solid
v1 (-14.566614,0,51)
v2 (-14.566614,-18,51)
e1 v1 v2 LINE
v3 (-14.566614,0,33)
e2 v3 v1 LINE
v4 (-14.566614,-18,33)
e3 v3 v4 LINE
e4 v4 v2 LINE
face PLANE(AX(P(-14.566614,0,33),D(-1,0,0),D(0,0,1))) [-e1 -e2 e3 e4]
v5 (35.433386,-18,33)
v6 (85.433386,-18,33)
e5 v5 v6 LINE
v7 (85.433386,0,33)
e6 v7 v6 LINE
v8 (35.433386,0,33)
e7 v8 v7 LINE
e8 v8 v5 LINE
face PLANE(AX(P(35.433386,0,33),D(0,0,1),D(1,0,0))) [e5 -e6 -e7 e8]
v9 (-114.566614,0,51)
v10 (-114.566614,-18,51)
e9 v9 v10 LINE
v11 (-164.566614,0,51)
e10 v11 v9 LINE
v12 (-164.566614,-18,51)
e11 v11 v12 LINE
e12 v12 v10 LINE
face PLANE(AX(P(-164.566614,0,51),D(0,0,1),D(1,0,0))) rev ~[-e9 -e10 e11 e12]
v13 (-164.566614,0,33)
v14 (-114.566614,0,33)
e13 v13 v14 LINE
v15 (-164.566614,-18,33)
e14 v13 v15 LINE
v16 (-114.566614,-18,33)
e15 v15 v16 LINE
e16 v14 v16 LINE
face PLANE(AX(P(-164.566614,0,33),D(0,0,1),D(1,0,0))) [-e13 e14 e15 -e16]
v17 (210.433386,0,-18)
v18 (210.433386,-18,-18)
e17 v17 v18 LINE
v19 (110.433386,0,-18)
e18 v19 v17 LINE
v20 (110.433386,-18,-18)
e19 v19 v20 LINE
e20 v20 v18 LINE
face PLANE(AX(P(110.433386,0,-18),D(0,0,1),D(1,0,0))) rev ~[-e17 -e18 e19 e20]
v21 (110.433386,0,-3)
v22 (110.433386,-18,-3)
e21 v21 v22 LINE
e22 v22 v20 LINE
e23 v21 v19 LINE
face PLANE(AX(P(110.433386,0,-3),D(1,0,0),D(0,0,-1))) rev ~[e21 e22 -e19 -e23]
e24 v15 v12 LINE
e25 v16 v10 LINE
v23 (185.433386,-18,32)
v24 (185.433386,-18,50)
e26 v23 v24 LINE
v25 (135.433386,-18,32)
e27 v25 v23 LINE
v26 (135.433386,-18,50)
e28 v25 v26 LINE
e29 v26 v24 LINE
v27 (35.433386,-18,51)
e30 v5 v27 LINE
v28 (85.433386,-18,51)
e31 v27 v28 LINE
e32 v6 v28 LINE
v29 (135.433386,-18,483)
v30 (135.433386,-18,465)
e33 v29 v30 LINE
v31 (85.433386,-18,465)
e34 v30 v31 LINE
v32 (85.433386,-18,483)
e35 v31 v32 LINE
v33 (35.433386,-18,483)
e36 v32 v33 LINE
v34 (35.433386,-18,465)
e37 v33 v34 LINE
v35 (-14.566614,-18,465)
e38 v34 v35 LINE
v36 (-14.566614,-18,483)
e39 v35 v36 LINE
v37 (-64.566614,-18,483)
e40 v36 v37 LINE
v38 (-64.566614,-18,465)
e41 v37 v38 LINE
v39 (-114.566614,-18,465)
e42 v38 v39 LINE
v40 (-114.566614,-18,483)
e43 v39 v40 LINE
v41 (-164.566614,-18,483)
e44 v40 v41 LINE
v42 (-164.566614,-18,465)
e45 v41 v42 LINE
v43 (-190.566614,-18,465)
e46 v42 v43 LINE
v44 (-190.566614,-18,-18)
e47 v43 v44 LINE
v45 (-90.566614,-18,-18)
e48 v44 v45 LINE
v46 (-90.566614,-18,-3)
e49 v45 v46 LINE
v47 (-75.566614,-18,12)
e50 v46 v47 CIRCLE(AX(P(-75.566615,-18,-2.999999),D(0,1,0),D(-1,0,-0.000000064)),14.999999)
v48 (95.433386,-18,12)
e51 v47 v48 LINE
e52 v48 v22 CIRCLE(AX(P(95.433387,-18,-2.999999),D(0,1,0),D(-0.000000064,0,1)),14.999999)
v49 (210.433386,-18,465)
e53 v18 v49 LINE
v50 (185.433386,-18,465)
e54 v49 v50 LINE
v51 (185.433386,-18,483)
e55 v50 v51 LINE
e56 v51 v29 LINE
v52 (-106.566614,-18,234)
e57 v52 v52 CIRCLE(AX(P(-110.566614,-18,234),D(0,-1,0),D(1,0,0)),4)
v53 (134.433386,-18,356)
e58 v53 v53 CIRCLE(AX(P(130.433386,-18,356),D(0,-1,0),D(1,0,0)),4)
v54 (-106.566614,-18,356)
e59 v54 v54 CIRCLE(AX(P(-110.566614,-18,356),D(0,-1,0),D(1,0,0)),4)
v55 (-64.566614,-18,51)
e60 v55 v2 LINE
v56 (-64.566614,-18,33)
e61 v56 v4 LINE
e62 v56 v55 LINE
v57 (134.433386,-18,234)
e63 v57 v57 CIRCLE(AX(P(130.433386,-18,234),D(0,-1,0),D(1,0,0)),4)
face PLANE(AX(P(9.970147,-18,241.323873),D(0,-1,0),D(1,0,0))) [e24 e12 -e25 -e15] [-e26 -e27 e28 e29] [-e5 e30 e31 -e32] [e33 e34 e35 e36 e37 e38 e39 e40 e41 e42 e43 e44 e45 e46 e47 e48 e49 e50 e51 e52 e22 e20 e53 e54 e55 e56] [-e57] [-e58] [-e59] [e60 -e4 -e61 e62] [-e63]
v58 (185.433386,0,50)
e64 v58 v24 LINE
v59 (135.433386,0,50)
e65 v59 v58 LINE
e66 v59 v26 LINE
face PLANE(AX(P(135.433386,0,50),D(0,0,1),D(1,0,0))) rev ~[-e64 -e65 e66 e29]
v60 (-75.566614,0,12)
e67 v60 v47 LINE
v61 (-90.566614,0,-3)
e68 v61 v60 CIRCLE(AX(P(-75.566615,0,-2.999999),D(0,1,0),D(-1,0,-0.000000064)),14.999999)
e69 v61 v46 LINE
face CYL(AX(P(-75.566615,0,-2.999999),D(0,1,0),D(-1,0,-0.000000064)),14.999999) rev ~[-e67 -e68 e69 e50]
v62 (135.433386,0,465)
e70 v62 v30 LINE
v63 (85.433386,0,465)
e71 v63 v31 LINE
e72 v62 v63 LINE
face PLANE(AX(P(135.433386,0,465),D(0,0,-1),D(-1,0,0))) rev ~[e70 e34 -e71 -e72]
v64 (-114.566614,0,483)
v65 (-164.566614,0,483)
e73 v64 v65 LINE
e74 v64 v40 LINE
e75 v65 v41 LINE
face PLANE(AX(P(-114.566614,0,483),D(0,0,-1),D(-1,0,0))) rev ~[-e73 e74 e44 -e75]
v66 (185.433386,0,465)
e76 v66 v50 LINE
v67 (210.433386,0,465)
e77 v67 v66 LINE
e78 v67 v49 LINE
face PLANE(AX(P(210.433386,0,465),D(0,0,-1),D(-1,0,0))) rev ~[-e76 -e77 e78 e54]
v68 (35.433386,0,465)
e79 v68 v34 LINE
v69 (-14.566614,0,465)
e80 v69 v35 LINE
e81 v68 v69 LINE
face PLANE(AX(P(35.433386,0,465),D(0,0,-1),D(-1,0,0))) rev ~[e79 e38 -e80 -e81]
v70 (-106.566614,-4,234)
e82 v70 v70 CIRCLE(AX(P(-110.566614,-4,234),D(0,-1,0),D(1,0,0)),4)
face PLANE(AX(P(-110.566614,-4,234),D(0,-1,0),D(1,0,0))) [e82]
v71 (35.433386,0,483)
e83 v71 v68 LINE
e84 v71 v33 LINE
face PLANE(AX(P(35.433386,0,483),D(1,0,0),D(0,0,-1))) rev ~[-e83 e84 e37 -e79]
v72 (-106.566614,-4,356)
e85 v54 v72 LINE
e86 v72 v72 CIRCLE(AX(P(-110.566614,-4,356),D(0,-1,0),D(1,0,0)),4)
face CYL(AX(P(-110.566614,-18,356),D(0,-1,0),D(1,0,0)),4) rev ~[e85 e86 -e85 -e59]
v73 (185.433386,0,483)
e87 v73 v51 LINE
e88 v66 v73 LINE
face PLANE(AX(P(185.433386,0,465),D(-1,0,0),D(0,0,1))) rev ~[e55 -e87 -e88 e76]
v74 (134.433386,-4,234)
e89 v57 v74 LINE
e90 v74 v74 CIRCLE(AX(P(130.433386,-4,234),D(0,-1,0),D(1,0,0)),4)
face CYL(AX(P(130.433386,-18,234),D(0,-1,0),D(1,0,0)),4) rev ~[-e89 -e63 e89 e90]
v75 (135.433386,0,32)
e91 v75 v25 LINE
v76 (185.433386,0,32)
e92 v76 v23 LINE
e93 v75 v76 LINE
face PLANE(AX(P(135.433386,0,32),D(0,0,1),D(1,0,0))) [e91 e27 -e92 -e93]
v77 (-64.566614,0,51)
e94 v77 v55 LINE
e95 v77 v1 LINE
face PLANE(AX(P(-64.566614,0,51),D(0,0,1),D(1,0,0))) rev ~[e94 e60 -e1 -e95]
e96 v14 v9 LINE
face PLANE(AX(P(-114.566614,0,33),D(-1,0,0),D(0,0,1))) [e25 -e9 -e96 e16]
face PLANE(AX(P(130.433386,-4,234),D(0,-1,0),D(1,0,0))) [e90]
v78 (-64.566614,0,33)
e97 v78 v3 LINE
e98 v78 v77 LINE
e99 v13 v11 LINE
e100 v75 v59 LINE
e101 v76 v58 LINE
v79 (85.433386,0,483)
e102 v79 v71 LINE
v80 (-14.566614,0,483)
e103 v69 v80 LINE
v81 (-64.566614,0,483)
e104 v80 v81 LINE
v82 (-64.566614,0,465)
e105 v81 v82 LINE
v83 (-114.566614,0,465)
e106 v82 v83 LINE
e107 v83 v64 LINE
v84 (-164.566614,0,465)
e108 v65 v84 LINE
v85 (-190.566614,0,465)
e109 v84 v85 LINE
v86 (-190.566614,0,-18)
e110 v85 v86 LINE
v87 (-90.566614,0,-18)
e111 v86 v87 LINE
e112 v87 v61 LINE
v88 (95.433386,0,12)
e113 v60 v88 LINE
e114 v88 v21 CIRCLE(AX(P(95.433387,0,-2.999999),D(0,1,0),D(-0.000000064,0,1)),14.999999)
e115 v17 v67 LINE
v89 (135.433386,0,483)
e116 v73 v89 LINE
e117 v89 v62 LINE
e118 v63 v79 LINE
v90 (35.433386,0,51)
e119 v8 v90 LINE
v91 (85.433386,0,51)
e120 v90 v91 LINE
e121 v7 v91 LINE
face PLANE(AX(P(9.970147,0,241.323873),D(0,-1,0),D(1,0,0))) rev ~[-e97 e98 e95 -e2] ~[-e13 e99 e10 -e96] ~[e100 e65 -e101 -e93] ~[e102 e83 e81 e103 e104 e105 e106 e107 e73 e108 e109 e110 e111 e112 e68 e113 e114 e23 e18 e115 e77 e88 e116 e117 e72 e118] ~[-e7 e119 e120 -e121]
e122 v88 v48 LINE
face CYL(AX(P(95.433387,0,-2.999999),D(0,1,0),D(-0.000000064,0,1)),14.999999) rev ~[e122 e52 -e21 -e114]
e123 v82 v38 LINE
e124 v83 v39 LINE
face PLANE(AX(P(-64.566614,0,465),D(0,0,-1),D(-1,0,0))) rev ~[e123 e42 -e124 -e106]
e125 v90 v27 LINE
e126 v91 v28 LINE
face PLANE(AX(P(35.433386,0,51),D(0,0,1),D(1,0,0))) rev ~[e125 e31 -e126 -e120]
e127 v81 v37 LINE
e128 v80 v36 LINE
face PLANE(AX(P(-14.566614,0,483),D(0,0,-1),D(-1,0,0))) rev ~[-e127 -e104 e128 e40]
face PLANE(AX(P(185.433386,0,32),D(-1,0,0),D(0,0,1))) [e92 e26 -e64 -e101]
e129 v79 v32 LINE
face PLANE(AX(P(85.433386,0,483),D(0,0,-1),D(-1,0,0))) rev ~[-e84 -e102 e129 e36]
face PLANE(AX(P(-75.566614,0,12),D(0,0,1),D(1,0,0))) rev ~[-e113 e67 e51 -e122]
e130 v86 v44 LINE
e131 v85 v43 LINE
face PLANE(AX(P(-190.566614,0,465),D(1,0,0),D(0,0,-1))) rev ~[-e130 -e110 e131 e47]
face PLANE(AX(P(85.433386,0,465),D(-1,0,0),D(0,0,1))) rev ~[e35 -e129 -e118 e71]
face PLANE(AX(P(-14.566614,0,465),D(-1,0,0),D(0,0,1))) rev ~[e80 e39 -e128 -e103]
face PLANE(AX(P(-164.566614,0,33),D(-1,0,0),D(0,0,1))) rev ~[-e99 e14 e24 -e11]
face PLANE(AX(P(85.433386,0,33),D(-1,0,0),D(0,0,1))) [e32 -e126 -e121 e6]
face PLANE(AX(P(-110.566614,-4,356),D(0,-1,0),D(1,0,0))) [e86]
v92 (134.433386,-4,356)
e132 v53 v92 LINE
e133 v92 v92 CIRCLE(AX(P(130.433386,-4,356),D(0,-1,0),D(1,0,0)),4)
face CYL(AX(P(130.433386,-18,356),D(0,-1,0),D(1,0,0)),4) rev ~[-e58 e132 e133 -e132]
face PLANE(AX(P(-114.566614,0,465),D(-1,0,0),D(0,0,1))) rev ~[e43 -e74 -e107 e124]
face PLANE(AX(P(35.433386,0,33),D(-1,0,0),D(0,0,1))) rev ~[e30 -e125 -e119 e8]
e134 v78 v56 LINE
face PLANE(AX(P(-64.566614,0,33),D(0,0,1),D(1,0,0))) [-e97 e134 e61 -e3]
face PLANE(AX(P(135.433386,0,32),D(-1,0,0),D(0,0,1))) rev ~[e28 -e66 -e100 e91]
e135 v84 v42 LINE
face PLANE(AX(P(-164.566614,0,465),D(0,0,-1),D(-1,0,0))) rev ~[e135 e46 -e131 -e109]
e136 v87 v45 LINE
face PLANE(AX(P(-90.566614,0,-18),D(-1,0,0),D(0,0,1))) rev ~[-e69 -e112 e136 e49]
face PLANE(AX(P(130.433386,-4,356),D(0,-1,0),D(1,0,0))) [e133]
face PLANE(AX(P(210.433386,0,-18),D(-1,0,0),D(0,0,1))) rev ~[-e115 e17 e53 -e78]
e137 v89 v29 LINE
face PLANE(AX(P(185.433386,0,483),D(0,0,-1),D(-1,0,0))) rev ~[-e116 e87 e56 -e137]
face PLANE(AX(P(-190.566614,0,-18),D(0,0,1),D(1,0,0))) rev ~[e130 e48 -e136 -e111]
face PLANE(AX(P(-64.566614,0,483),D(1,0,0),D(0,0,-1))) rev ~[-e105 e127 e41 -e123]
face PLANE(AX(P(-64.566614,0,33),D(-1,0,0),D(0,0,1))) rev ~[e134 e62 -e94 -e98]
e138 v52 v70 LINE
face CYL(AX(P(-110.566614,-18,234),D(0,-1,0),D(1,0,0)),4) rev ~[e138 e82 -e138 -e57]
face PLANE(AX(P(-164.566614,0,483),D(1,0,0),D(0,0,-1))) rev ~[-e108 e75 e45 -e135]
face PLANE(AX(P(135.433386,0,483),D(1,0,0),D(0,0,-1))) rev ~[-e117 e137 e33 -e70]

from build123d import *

# Parameters (mm, degrees)
F0_W     = 50
F0_H     = 18
F1_DEPTH = 18
F2_R     = 4
F3_DEPTH = 14


with BuildPart() as f1:
    # F0 (on Front) → F1 (new body)
    with BuildSketch(Plane.XZ):
        with BuildLine():
            Line((-190.566614, -18), (-90.566614, -18))
            Line((-90.566614, -18), (-90.566614, -3))
            ThreePointArc((-90.566614, -3), (-86.173216, 7.606602), (-75.566614, 12))
            Line((-75.566614, 12), (95.433386, 12))
            ThreePointArc((95.433386, 12), (106.039988, 7.606602), (110.433386, -3))
            Line((110.433386, -3), (110.433386, -18))
            Line((110.433386, -18), (210.433386, -18))
            Line((210.433386, -18), (210.433386, 465))
            Line((210.433386, 465), (185.433386, 465))
            Line((185.433386, 465), (185.433386, 483))
            Line((185.433386, 483), (135.433386, 483))
            Line((135.433386, 483), (135.433386, 465))
            Line((135.433386, 465), (85.433386, 465))
            Line((85.433386, 465), (85.433386, 483))
            Line((85.433386, 483), (35.433386, 483))
            Line((35.433386, 483), (35.433386, 465))
            Line((35.433386, 465), (-14.566614, 465))
            Line((-14.566614, 465), (-14.566614, 483))
            Line((-14.566614, 483), (-64.566614, 483))
            Line((-64.566614, 483), (-64.566614, 465))
            Line((-64.566614, 465), (-114.566614, 465))
            Line((-114.566614, 465), (-114.566614, 483))
            Line((-114.566614, 483), (-164.566614, 483))
            Line((-164.566614, 483), (-164.566614, 465))
            Line((-164.566614, 465), (-190.566614, 465))
            Line((-190.566614, 465), (-190.566614, -18))
        make_face()
        with Locations((-139.566614, 42)):
            Rectangle(F0_W, F0_H, mode=Mode.SUBTRACT)
        with Locations((-39.566614, 42)):
            Rectangle(F0_W, F0_H, mode=Mode.SUBTRACT)
        with Locations((60.433386, 42)):
            Rectangle(F0_W, F0_H, mode=Mode.SUBTRACT)
        with Locations((160.433386, 41)):
            Rectangle(F0_W, F0_H, mode=Mode.SUBTRACT)
    extrude(amount=F1_DEPTH)

    # F2 (on face) → F3 (cut)
    with BuildSketch(Plane.XZ.offset(18)):
        with Locations((130.433386, 234)):
            Circle(F2_R)
        with Locations((-110.566614, 356)):
            Circle(F2_R)
        with Locations((-110.566614, 234)):
            Circle(F2_R)
        with Locations((130.433386, 356)):
            Circle(F2_R)
    extrude(amount=-F3_DEPTH, mode=Mode.SUBTRACT)


solid = f1.part
